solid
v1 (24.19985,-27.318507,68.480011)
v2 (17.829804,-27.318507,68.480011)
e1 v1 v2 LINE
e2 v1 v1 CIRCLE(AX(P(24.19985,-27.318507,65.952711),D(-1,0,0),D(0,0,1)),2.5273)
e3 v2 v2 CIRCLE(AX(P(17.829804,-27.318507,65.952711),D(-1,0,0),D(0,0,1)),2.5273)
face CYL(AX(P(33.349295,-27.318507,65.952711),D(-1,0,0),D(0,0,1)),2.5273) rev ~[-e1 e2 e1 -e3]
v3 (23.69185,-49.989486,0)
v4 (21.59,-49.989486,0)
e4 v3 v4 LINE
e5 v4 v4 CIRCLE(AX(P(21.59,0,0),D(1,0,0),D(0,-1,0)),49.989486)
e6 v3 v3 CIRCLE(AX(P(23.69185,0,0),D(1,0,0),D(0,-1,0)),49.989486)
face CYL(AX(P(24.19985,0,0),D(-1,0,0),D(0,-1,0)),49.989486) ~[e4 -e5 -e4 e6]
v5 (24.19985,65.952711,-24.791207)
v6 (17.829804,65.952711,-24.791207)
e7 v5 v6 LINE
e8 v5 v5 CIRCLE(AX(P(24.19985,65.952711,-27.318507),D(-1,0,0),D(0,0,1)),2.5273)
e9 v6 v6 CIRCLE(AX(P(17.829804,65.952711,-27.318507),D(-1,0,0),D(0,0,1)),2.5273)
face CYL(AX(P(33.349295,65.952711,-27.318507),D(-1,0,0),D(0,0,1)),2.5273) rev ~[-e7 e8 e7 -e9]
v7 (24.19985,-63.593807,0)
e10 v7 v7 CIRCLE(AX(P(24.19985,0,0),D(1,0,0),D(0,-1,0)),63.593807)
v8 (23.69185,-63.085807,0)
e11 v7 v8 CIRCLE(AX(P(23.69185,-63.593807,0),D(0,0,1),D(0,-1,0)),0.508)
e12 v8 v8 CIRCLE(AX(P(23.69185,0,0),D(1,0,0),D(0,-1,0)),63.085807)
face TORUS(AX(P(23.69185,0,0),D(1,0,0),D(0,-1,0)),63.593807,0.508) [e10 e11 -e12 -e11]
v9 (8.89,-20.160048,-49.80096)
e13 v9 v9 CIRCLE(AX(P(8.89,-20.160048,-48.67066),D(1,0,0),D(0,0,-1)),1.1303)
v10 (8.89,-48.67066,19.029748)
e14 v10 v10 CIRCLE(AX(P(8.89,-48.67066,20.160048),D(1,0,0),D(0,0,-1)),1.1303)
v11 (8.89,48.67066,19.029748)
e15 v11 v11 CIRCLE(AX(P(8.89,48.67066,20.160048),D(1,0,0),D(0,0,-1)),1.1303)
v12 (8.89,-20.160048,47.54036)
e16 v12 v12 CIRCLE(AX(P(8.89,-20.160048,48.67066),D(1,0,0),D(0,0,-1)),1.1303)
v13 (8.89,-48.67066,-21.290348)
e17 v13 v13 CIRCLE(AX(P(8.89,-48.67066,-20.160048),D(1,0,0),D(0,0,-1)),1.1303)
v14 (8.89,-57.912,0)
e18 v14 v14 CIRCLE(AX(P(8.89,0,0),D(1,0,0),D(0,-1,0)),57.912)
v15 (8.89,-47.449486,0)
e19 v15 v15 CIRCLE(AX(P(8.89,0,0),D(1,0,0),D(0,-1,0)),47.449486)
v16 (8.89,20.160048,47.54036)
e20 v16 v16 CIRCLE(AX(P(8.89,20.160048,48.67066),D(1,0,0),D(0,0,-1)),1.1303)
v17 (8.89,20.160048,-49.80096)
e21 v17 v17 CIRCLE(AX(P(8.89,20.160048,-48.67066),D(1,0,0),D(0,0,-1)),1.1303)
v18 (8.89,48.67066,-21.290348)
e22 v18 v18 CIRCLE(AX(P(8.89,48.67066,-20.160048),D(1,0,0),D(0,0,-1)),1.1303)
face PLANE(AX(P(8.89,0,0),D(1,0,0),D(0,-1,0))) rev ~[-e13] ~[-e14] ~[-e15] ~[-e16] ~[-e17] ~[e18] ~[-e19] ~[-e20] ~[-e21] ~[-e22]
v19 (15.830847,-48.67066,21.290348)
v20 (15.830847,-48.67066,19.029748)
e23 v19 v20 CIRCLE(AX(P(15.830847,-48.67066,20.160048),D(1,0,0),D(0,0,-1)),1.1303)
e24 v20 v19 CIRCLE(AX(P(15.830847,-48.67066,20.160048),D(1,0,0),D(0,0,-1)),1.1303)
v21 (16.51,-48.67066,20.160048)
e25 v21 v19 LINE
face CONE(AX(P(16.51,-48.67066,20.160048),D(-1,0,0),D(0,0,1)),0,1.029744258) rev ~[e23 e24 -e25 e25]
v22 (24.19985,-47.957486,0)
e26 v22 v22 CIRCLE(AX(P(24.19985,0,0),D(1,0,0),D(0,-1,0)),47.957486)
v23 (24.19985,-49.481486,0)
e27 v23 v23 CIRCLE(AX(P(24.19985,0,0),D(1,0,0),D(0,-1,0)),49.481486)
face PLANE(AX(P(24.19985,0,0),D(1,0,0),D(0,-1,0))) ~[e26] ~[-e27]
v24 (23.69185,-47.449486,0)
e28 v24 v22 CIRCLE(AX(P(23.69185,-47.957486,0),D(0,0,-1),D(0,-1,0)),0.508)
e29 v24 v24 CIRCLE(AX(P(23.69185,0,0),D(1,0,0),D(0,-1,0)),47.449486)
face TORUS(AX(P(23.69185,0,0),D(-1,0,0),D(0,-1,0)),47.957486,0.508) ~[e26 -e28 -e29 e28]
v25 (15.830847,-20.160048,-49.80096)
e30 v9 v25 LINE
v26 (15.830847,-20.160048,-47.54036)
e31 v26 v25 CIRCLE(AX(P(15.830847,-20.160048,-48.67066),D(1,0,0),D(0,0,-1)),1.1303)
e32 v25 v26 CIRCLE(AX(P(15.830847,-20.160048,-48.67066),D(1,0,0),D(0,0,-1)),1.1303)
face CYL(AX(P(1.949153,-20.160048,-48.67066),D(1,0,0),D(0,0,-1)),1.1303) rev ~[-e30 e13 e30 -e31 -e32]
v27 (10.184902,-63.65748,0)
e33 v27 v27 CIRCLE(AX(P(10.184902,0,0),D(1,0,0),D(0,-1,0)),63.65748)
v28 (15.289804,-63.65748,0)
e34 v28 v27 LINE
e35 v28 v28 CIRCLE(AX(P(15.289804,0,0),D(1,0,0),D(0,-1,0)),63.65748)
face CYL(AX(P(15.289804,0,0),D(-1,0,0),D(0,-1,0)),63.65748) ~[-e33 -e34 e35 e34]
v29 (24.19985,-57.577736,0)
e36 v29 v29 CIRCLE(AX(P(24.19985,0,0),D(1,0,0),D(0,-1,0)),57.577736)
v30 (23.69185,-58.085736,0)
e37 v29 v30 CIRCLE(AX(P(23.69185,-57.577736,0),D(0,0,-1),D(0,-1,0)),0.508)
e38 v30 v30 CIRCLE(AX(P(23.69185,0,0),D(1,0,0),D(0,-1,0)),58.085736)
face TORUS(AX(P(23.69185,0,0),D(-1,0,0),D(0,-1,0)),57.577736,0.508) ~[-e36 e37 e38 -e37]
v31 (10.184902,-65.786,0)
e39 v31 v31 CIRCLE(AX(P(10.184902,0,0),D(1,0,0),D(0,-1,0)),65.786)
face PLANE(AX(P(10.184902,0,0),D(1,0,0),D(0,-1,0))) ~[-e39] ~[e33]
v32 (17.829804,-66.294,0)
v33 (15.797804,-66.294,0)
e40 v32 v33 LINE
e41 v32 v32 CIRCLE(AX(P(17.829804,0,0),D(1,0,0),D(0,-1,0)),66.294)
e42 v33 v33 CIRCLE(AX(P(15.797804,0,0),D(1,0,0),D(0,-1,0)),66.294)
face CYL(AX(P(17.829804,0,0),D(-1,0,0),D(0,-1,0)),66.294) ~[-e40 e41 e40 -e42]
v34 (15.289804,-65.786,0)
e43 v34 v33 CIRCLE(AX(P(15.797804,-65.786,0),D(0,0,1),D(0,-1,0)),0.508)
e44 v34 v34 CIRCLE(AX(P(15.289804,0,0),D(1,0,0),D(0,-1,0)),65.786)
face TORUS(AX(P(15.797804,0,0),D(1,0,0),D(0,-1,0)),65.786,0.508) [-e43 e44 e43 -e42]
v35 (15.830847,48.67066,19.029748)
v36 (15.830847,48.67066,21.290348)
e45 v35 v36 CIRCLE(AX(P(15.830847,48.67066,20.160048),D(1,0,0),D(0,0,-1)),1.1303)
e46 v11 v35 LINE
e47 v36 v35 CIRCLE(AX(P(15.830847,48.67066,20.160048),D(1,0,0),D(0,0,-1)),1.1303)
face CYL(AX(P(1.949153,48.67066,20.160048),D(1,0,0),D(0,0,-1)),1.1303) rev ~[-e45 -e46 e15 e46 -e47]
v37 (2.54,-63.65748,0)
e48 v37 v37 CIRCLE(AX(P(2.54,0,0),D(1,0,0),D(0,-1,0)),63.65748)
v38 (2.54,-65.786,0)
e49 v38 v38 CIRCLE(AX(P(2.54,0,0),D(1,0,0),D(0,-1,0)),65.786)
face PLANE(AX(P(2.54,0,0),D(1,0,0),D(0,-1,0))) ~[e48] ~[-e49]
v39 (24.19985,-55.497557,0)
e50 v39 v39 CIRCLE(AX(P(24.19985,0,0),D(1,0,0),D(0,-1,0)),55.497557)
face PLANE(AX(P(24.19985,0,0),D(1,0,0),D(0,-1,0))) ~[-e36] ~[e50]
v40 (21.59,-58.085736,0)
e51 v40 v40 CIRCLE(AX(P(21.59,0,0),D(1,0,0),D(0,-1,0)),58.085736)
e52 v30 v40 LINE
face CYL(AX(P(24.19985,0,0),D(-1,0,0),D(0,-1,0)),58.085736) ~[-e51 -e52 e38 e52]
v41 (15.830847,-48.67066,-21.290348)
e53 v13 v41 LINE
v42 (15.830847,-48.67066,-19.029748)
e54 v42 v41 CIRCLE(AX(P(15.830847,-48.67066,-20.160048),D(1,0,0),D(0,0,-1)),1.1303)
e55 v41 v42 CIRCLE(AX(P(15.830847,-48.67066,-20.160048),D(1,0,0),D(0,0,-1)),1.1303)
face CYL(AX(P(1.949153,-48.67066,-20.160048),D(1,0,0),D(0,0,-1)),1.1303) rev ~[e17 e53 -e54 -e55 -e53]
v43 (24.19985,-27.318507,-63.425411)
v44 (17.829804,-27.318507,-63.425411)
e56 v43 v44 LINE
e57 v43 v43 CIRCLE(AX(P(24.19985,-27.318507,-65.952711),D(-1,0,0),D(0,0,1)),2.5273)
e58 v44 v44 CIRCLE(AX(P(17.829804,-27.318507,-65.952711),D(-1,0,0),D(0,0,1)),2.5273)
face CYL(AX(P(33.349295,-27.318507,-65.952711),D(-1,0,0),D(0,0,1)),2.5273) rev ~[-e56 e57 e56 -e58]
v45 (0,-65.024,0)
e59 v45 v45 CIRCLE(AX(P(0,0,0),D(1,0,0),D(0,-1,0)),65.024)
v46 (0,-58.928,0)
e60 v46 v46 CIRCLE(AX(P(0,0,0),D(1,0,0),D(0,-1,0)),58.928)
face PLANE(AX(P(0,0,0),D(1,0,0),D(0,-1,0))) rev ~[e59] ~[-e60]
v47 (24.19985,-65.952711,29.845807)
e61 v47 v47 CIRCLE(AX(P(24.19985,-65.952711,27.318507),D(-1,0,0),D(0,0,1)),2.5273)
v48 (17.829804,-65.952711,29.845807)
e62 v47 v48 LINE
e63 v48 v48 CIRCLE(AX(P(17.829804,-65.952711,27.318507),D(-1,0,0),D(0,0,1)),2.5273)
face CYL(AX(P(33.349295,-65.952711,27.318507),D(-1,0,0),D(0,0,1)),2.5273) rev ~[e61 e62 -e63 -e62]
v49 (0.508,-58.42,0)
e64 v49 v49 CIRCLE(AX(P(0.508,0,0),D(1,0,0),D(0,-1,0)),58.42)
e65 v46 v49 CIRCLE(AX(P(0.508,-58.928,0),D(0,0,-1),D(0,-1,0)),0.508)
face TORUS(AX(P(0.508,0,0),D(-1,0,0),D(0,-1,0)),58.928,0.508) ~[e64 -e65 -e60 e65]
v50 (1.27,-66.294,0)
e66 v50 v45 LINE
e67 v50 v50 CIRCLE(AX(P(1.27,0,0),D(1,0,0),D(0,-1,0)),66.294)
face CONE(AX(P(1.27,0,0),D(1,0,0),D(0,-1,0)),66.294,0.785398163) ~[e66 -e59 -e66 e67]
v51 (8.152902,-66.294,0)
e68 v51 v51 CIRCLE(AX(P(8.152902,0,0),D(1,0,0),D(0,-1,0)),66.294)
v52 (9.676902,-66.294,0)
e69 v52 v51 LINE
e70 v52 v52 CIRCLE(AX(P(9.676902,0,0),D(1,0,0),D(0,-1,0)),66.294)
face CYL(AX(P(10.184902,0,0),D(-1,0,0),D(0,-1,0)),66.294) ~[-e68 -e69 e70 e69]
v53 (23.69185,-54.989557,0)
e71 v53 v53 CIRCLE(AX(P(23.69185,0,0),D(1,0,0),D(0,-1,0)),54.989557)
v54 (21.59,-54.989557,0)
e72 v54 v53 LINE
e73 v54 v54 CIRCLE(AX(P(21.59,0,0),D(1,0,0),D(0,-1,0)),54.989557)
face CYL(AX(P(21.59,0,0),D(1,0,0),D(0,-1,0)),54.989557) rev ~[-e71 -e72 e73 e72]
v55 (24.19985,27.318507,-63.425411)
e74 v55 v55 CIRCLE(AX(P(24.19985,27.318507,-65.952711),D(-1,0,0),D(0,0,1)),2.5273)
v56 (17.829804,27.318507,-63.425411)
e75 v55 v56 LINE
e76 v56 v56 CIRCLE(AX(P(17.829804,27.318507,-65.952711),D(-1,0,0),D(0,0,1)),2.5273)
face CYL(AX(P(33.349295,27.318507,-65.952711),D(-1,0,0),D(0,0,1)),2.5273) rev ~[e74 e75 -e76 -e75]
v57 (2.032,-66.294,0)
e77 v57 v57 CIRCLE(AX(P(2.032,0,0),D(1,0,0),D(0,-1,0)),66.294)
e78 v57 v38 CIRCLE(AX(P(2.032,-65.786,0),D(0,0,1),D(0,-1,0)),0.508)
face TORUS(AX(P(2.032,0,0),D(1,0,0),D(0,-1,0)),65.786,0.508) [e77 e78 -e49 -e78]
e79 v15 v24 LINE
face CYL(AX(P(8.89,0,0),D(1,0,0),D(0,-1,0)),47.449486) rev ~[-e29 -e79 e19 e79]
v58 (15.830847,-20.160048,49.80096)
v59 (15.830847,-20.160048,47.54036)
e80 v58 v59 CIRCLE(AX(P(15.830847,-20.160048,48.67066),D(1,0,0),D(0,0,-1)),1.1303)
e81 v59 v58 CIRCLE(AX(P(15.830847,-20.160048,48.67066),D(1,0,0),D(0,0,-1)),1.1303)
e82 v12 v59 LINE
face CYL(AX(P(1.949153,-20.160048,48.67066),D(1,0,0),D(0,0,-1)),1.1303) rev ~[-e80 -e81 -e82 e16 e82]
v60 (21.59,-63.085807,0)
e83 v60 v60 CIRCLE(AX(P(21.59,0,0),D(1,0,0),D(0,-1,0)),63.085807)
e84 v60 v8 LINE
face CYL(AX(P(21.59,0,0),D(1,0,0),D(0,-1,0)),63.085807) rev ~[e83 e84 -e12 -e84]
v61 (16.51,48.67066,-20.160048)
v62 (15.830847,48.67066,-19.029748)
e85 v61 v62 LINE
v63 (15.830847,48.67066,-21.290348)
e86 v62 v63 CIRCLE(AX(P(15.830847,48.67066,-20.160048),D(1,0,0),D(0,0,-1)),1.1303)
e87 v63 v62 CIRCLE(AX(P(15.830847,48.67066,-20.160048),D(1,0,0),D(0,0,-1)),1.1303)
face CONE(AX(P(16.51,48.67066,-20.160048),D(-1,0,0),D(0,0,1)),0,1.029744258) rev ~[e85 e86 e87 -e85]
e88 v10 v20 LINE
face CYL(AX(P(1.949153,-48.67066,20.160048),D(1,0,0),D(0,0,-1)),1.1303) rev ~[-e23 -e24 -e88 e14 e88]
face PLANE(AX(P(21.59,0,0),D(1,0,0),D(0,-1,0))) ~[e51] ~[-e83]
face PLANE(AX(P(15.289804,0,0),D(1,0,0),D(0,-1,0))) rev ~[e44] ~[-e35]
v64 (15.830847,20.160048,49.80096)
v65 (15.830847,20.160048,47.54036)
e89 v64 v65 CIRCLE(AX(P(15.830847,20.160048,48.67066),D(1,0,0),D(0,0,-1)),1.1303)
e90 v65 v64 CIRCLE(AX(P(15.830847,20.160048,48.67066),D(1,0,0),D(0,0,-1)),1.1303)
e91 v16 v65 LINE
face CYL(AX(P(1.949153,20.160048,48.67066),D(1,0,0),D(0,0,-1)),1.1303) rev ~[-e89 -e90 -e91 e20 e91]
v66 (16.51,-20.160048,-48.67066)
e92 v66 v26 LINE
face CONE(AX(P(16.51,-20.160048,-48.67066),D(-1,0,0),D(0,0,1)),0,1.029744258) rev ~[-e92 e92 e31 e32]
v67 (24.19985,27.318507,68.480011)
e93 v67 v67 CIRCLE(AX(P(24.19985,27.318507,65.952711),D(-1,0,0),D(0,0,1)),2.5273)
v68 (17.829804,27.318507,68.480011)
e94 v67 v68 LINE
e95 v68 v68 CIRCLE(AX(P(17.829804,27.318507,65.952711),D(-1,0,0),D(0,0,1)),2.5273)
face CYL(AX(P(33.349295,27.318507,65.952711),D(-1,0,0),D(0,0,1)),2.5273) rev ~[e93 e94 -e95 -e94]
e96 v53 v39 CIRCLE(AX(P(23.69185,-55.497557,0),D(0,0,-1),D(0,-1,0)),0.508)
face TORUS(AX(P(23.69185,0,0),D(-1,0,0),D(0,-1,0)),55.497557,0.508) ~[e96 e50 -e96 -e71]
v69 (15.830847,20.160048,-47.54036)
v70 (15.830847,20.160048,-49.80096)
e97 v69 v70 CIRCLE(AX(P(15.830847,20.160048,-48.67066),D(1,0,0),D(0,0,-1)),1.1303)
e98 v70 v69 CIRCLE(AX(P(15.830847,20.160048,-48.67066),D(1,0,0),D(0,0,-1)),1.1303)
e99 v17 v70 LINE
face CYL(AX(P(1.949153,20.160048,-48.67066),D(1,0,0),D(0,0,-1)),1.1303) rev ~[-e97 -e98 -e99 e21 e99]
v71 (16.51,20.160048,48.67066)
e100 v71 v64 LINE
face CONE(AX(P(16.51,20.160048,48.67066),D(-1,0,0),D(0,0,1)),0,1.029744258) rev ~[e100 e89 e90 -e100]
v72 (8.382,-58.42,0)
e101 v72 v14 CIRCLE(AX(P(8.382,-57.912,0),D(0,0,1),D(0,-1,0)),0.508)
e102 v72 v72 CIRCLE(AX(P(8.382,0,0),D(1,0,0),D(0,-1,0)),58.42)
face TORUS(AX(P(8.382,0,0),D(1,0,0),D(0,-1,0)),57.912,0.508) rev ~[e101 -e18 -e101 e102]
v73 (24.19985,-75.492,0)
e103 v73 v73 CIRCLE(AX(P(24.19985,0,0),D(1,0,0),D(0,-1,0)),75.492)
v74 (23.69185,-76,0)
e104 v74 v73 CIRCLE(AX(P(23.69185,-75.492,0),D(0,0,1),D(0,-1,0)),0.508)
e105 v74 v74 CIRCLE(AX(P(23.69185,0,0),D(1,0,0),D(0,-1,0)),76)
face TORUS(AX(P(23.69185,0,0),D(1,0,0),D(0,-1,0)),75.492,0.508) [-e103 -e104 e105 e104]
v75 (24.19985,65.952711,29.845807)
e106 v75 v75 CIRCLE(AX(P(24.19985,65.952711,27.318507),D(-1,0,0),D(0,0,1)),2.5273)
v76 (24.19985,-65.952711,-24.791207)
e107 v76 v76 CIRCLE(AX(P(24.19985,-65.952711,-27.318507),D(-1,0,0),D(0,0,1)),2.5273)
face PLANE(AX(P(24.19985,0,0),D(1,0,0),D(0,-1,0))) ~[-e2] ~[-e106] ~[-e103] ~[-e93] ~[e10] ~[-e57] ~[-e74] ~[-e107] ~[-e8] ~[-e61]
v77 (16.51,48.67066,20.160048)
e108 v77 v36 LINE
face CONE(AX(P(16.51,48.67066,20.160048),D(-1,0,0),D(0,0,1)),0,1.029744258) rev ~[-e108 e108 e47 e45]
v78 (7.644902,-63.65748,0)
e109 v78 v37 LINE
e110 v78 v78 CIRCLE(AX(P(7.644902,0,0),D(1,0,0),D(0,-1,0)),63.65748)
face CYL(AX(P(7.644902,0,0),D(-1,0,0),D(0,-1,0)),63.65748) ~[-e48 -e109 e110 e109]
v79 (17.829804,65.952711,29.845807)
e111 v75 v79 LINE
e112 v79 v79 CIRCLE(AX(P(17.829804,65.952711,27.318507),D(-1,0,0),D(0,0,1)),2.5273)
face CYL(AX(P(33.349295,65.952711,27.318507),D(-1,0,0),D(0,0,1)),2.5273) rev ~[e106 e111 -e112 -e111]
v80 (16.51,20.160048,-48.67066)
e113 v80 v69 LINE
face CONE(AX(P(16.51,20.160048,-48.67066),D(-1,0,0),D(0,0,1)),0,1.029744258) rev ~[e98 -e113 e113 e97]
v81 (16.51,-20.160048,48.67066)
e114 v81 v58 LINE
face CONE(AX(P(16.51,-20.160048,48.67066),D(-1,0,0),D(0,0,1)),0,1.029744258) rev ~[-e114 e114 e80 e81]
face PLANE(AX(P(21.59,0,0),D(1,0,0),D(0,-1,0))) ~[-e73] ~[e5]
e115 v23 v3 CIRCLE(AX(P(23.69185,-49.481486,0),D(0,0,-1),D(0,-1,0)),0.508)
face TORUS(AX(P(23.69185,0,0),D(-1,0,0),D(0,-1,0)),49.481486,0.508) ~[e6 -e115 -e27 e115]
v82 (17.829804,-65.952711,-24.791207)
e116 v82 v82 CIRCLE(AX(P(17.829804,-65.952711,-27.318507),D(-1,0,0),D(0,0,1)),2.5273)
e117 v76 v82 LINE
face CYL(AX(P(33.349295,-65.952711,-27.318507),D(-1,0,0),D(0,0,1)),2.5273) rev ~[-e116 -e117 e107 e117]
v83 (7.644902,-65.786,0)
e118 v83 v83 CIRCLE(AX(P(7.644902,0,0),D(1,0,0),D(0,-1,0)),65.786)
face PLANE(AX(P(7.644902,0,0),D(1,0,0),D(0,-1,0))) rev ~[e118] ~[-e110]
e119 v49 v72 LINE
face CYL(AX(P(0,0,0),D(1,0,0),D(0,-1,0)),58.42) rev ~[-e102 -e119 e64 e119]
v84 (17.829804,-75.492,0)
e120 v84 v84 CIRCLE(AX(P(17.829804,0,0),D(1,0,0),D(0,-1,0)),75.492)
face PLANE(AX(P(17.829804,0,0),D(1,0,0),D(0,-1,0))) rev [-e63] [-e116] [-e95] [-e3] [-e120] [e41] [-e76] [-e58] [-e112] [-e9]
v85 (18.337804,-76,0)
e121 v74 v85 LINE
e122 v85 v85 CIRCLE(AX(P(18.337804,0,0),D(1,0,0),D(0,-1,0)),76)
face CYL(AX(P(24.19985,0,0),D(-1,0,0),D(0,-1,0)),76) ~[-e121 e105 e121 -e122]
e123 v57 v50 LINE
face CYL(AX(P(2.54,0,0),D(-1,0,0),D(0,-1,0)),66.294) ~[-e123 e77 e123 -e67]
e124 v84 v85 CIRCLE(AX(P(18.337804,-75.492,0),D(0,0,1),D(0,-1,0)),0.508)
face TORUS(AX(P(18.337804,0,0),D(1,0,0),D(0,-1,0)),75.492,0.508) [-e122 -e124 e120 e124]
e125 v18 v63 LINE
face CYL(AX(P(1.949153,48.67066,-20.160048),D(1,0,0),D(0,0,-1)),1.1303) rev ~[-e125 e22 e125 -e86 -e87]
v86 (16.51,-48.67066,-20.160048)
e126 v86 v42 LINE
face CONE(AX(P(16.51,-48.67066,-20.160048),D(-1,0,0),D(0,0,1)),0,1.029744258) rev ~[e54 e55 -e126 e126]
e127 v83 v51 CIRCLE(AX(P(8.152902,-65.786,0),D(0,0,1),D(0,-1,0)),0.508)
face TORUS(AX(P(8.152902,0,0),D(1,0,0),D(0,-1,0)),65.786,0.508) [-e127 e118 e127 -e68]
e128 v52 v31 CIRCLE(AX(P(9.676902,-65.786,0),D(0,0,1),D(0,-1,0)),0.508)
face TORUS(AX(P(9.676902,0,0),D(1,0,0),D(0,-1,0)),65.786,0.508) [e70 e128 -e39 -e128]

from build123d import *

# Parameters (mm, degrees)
CHAMFER1_SIZE                  = 1.27
FILLET1_R                      = 0.508
F_8_0_199_DIAMETER_HOLE1_D     = 5.0546
F_8_0_199_DIAMETER_HOLE1_DEPTH = 9.149444958
F_8_0_199_DIAMETER_HOLE1_TIP   = 1.518555042
F_4_40_TAPPED_HOLE1_D          = 2.2606
F_4_40_TAPPED_HOLE1_DEPTH      = 6.940847242
F_4_40_TAPPED_HOLE1_TIP        = 0.679152758


with BuildPart() as part:
    # Sketch1 → Revolve1 (revolve)
    with BuildSketch(Plane.XY):
        Polygon((24.19985, -76), (17.829803922, -76), (17.829803922, -66.421), (17.829803922, -66.294), (15.289803922, -66.294), (15.289803922, -63.65748), (10.184901961, -63.65748), (10.184901961, -66.294), (7.644901961, -66.294), (7.644901961, -63.65748), (2.54, -63.65748), (2.54, -66.294), (0, -66.294), (0, -58.42), (8.89, -58.42), (8.89, -47.449486), (24.19985, -47.449486), (24.19985, -49.989486), (21.59, -49.989486), (21.59, -54.989557371), (24.19985, -54.989557371), (24.19985, -58.085736), (21.59, -58.085736), (21.59, -63.085807371), (24.19985, -63.085807371), align=None)
    revolve(axis=Axis((0, 0, 0), (1, 0, 0)))

    # Chamfer1
    chamfer1_edges = [part.edges().sort_by_distance(p)[0] for p in [
        (0, 66.294, 0),
    ]]
    chamfer(chamfer1_edges, length=CHAMFER1_SIZE)

    # Fillet1
    fillet1_edges = [part.edges().sort_by_distance(p)[0] for p in [
        (8.89, 58.42, 0),
        (24.19985, 47.449486, 0),
        (24.19985, 49.989486, 0),
        (24.19985, 54.989557371, 0),
        (24.19985, 58.085736, 0),
        (24.19985, 63.085807371, 0),
        (24.19985, 76, 0),
        (17.829803922, 76, 0),
        (15.289803922, 66.294, 0),
        (10.184901961, 66.294, 0),
        (7.644901961, 66.294, 0),
        (2.54, 66.294, 0),
        (0, 58.42, 0),
    ]]
    fillet(fillet1_edges, radius=FILLET1_R)

    # #8 (0.199) Diameter Hole1
    with Locations(Plane(origin=(24.19985, 0, 0), x_dir=(0, 0, -1), z_dir=(1, 0, 0))):
        with Locations((-65.952711024, 27.318507381), (-27.318507381, 65.952711024), (27.318507381, 65.952711024), (65.952711024, 27.318507381), (65.952711024, -27.318507381), (27.318507381, -65.952711024), (-27.318507381, -65.952711024), (-65.952711024, -27.318507381)):
            Hole(F_8_0_199_DIAMETER_HOLE1_D / 2, depth=F_8_0_199_DIAMETER_HOLE1_DEPTH)
            with Locations((0, 0, -(F_8_0_199_DIAMETER_HOLE1_DEPTH + F_8_0_199_DIAMETER_HOLE1_TIP / 2))):  # 118° drill point
                Cone(0, F_8_0_199_DIAMETER_HOLE1_D / 2, F_8_0_199_DIAMETER_HOLE1_TIP, mode=Mode.SUBTRACT)

    # #4-40 Tapped Hole1
    with Locations(Plane.ZY.offset(-8.89)):
        with Locations((-48.670660215, 20.160047551), (-48.670660215, -20.160047551), (-20.160047551, -48.670660215), (20.160047551, -48.670660215), (48.670660215, -20.160047551), (48.670660215, 20.160047551), (20.160047551, 48.670660215), (-20.160047551, 48.670660215)):
            Hole(F_4_40_TAPPED_HOLE1_D / 2, depth=F_4_40_TAPPED_HOLE1_DEPTH)
            with Locations((0, 0, -(F_4_40_TAPPED_HOLE1_DEPTH + F_4_40_TAPPED_HOLE1_TIP / 2))):  # 118° drill point
                Cone(0, F_4_40_TAPPED_HOLE1_D / 2, F_4_40_TAPPED_HOLE1_TIP, mode=Mode.SUBTRACT)


solid = part.part
